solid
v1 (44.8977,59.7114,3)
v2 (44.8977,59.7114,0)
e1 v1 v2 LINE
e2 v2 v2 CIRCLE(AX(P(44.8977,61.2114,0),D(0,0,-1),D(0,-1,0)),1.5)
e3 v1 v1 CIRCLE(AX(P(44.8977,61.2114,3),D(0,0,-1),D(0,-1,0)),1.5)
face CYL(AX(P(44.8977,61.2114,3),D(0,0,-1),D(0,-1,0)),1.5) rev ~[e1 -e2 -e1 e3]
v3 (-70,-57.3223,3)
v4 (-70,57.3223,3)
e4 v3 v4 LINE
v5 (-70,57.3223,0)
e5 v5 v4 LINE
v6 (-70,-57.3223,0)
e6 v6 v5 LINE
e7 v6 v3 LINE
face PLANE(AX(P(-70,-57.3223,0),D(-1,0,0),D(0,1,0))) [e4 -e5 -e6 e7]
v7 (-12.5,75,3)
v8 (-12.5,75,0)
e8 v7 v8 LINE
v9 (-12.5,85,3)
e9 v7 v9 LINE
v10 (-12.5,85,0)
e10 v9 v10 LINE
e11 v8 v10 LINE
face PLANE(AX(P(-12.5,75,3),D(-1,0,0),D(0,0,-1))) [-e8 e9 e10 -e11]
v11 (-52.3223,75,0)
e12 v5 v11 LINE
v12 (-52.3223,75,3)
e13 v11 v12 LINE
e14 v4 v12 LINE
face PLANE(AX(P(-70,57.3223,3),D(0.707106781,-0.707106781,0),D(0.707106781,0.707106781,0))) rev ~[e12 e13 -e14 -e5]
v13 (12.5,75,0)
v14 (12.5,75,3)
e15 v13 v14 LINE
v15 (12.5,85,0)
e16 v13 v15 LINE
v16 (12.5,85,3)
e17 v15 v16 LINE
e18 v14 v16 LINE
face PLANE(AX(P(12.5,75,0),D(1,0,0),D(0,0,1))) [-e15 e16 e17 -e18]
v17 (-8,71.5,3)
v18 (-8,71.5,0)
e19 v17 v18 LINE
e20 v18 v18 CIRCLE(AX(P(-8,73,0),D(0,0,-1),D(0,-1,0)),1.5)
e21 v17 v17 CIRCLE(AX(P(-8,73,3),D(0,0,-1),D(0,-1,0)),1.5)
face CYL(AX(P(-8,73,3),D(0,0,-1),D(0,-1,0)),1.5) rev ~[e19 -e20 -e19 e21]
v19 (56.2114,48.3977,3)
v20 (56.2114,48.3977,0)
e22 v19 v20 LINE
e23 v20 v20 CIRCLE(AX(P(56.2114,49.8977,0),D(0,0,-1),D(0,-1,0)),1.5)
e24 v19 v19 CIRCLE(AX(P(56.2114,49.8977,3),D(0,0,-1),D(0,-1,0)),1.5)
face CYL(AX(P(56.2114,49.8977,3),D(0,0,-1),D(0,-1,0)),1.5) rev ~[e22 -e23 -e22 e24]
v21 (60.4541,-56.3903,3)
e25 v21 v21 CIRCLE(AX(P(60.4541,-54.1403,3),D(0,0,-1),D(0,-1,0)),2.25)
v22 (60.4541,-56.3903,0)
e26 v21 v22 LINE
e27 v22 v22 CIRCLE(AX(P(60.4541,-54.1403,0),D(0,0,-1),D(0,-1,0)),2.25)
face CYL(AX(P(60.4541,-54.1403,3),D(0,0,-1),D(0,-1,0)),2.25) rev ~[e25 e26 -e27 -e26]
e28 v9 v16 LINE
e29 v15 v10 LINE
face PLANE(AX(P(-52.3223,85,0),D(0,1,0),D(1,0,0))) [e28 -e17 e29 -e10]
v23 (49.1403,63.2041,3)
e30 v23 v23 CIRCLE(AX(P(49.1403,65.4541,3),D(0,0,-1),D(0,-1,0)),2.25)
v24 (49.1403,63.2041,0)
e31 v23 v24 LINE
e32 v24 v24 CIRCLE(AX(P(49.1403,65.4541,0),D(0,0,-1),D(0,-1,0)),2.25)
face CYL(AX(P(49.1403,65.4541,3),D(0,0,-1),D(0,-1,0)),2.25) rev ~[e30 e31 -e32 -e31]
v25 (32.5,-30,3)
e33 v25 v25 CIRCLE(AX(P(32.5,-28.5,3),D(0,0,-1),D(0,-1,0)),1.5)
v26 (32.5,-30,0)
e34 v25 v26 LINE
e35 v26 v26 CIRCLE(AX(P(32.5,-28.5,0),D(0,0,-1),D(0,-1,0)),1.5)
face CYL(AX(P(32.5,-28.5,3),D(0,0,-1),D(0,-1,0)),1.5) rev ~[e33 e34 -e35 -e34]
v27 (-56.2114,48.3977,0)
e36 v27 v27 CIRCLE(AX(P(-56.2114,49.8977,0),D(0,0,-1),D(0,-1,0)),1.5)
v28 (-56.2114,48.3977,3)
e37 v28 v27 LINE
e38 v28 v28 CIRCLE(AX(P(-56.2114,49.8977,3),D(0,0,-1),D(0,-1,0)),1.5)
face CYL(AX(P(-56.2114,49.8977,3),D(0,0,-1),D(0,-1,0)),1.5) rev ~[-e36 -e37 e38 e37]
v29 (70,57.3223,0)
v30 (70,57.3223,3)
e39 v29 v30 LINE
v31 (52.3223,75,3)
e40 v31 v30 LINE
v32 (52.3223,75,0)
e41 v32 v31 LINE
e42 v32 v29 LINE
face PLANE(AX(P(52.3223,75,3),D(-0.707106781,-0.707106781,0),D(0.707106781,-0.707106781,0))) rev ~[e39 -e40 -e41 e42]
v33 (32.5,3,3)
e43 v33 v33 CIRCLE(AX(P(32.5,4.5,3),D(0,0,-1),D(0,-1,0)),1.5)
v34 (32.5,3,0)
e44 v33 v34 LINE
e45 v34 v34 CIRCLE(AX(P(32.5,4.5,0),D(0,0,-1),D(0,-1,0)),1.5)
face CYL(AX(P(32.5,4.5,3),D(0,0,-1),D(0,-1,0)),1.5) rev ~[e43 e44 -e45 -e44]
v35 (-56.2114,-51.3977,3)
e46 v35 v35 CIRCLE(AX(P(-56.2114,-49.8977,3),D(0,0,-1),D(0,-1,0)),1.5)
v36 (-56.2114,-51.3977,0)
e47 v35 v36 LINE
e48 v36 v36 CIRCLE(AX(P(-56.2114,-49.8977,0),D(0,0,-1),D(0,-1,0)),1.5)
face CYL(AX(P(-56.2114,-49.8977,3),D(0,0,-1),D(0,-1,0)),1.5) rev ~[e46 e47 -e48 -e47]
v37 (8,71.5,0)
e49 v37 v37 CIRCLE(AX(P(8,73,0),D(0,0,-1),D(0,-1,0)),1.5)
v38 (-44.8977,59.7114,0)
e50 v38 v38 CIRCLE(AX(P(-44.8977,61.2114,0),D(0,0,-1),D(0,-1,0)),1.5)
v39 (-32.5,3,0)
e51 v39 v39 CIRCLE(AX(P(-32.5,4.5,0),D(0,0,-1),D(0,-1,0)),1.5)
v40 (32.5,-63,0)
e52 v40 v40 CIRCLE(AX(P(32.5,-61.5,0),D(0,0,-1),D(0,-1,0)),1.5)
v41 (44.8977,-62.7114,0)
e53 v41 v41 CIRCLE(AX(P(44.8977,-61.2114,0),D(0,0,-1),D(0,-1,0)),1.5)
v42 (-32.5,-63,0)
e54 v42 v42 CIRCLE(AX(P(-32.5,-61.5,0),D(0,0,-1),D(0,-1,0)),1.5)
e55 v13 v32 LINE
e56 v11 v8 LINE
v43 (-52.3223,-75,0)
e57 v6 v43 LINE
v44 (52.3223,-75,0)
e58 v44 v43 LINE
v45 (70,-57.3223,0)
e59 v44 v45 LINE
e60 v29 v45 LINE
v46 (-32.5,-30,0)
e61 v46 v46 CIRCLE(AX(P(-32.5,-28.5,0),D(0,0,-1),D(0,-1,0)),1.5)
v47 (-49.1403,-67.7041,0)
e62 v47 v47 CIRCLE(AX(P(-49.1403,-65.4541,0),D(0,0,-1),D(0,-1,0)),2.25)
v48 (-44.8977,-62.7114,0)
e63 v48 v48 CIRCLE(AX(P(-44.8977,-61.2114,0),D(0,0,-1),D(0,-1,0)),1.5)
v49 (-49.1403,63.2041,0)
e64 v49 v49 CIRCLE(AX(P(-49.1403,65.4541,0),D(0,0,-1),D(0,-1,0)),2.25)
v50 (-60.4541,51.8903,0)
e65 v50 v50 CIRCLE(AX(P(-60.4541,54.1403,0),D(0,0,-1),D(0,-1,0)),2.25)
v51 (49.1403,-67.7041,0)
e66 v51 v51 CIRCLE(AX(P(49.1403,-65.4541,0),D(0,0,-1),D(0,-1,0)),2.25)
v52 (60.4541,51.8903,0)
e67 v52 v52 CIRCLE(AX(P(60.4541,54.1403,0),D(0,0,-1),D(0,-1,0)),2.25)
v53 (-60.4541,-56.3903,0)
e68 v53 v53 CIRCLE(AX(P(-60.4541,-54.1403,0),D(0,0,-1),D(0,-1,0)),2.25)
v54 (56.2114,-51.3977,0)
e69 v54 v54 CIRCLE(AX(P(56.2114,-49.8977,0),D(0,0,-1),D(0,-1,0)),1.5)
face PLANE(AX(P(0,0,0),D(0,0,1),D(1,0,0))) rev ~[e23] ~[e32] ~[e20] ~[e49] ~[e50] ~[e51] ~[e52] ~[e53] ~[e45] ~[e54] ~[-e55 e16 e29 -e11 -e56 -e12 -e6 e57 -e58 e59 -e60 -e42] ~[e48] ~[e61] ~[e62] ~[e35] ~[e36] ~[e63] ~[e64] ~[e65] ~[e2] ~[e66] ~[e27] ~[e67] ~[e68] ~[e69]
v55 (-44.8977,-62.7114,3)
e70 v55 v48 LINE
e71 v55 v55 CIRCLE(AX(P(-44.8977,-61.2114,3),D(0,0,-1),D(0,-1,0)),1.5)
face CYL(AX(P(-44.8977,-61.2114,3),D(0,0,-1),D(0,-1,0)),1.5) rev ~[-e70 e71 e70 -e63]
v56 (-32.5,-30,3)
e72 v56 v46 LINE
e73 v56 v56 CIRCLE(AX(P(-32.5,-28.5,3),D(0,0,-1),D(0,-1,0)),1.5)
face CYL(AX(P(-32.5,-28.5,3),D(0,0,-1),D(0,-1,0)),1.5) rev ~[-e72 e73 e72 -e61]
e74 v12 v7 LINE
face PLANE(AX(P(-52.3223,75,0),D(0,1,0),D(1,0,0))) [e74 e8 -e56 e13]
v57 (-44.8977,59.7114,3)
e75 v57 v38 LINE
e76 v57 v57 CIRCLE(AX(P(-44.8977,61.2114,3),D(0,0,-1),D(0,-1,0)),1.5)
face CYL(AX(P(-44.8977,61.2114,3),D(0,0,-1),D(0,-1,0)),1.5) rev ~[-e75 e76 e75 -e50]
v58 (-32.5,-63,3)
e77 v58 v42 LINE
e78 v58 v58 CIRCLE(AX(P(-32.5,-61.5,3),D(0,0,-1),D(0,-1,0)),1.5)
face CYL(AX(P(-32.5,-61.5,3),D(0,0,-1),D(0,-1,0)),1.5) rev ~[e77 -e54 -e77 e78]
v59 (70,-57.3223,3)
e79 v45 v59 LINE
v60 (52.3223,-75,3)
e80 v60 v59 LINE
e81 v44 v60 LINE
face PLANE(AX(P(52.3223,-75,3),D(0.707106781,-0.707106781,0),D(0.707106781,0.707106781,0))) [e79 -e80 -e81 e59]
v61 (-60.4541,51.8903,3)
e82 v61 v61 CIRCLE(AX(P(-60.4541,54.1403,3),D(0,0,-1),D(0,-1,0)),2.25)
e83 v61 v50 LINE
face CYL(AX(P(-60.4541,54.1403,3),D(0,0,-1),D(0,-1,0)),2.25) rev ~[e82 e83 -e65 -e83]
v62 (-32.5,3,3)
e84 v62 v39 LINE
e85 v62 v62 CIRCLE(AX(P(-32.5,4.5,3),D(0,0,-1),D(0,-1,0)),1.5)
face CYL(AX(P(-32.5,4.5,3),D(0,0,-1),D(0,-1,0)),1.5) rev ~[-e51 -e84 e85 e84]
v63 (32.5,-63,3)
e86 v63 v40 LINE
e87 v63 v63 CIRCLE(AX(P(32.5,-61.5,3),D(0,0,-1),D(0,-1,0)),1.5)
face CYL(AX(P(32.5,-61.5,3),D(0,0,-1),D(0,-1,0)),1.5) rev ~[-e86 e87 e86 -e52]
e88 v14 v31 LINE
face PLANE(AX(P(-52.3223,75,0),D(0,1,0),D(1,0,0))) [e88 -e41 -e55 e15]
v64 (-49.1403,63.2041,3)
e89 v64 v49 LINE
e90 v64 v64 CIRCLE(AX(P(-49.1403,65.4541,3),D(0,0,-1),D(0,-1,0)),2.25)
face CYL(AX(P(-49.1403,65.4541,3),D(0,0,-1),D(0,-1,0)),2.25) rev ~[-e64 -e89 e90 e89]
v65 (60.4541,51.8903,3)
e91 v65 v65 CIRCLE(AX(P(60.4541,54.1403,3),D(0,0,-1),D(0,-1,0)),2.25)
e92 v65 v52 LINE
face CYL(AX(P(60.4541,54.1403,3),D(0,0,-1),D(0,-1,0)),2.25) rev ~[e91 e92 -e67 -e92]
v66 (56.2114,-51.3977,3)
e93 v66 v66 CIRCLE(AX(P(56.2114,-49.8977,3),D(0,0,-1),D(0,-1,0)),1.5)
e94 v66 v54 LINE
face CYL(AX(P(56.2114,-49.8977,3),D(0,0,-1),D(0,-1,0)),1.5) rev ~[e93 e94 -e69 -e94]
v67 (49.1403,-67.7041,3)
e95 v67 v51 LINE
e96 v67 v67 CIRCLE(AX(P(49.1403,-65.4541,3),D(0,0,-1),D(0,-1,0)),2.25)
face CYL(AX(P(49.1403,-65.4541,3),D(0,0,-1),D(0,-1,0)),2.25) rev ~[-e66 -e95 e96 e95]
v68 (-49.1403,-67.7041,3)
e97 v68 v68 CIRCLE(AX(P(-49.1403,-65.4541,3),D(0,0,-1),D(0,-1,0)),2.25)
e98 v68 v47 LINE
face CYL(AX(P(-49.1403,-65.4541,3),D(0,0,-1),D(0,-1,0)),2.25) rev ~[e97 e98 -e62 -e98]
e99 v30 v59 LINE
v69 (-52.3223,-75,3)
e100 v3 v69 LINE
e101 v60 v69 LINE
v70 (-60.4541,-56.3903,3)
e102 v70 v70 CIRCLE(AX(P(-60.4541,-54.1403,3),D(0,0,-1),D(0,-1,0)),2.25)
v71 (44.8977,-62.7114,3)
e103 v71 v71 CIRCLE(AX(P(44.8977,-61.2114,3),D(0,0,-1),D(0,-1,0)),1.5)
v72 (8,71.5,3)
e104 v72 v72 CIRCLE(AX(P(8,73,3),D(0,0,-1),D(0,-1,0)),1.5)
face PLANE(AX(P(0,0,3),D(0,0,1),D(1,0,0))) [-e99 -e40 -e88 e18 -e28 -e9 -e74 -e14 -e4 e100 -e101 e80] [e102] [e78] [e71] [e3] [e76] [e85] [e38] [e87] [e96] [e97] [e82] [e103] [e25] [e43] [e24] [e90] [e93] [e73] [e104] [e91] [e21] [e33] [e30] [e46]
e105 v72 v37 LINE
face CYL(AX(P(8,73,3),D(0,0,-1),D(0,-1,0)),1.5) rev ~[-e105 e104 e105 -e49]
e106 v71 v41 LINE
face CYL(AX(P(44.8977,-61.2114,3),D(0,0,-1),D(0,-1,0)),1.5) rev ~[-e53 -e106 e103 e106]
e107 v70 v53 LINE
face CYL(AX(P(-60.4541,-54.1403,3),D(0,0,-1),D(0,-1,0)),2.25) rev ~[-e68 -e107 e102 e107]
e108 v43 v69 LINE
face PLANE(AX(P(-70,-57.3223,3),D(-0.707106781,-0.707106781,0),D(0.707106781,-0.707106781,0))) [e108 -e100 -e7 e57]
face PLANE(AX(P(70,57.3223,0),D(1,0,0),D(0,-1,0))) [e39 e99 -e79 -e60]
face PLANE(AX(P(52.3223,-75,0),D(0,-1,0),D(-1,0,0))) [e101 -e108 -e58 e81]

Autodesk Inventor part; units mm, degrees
ref_plane "YZ Plane" through (0, 0, 0) normal (1, 0, 0) x (0, 1, 0)
ref_plane "XZ Plane" through (0, 0, 0) normal (0, 1, 0) x (-1, 0, 0)
ref_plane "XY Plane" through (0, 0, 0) normal (0, 0, 1) x (1, 0, 0)
sketch "スケッチ1" plane through (0, 0, 0) normal (0, 0, 1) x (1, 0, 0)
  line L0 (-70, 75) -> (70, 75)
  line L1 (70, 75) -> (70, -75)
  line L2 (70, -75) -> (-70, -75)
  line L3 (-70, -75) -> (-70, 75)
  line L4 (70, 92.6777) -> (87.6777, 75)
  line L5 (87.6777, 75) -> (70, 57.3223)
  line L6 (70, 57.3223) -> (52.3223, 75)
  line L7 (52.3223, 75) -> (70, 92.6777)
  line L8 (70, -57.3223) -> (87.6777, -75)
  line L9 (87.6777, -75) -> (70, -92.6777)
  line L10 (70, -92.6777) -> (52.3223, -75)
  line L11 (52.3223, -75) -> (70, -57.3223)
  line L12 (-70, -57.3223) -> (-52.3223, -75)
  line L13 (-52.3223, -75) -> (-70, -92.6777)
  line L14 (-70, -92.6777) -> (-87.6777, -75)
  line L15 (-87.6777, -75) -> (-70, -57.3223)
  line L16 (-70, 92.6777) -> (-52.3223, 75)
  line L17 (-52.3223, 75) -> (-70, 57.3223)
  line L18 (-70, 57.3223) -> (-87.6777, 75)
  line L19 (-87.6777, 75) -> (-70, 92.6777)
  point P0 (0, 0)
  point P1 (70, 75)
  dimension "d0" = 150
  dimension "d1" = 75
  dimension "d2" = 140
  dimension "d3" = 70
  dimension "d4" = 12.5
  dimension "d5" = 12.5
  dimension "d6" = 12.5
  dimension "d7" = 12.5
extrude "押し出し1" add sketch "スケッチ1" along normal blind 3
sketch "スケッチ2" plane through (0, 0, 3) normal (0, 0, 1) x (1, 0, 0)
  line L0 (87.6777, 75) -> (70, 57.3223) projected
  line L1 (70, 92.6777) -> (87.6777, 75) projected
  line L2 (52.3223, 75) -> (70, 92.6777) projected
  line L3 (-70, 92.6777) -> (-52.3223, 75) projected
  line L4 (-87.6777, 75) -> (-70, 92.6777) projected
  line L5 (-70, 57.3223) -> (-87.6777, 75) projected
  line L6 (-87.6777, -75) -> (-70, -57.3223) projected
  line L7 (-70, -92.6777) -> (-87.6777, -75) projected
  line L8 (-52.3223, -75) -> (-70, -92.6777) projected
  line L9 (70, -92.6777) -> (52.3223, -75) projected
  line L10 (87.6777, -75) -> (70, -92.6777) projected
  line L11 (70, -57.3223) -> (87.6777, -75) projected
  circle A0 centre (-56.2114, -49.8977) radius 1.5
  circle A1 centre (-44.8977, -61.2114) radius 1.5
  circle A2 centre (44.8977, -61.2114) radius 1.5
  circle A3 centre (56.2114, -49.8977) radius 1.5
  circle A4 centre (56.2114, 49.8977) radius 1.5
  circle A5 centre (44.8977, 61.2114) radius 1.5
  circle A6 centre (-44.8977, 61.2114) radius 1.5
  circle A7 centre (-56.2114, 49.8977) radius 1.5
  point P0 (0, 0)
  dimension "d10" = 3
  dimension "d12" = 40
  dimension "d13" = 40
  dimension "d14" = 4.5
  dimension "d15" = 4.5
  dimension "d16" = 40
  dimension "d17" = 40
  dimension "d18" = 40
  dimension "d19" = 40
  dimension "d20" = 40
  dimension "d21" = 40
  dimension "d22" = 4.5
  dimension "d23" = 4.5
  dimension "d24" = 4.5
  dimension "d25" = 4.5
  dimension "d26" = 4.5
  dimension "d27" = 4.5
hole "穴1" at (44.8977, -61.2114, 3) at (56.2114, -49.8977, 3) at (-44.8977, -61.2114, 3) at (-56.2114, -49.8977, 3) at (44.8977, 61.2114, 3) at (56.2114, 49.8977, 3) at (-56.2114, 49.8977, 3) at (-44.8977, 61.2114, 3) direction (0, 0, -1) diameter 3 end through all
sketch "スケッチ3" plane through (0, 0, 3) normal (0, 0, 1) x (1, 0, 0)
  line L0 (87.6777, 75) -> (70, 57.3223) projected
  line L1 (70, 92.6777) -> (87.6777, 75) projected
  line L2 (52.3223, 75) -> (70, 92.6777) projected
  line L3 (-70, 92.6777) -> (-52.3223, 75) projected
  line L4 (-87.6777, 75) -> (-70, 92.6777) projected
  line L5 (-70, 57.3223) -> (-87.6777, 75) projected
  line L6 (-87.6777, -75) -> (-70, -57.3223) projected
  line L7 (-70, -92.6777) -> (-87.6777, -75) projected
  line L8 (-52.3223, -75) -> (-70, -92.6777) projected
  line L9 (70, -92.6777) -> (52.3223, -75) projected
  line L10 (87.6777, -75) -> (70, -92.6777) projected
  line L11 (70, -57.3223) -> (87.6777, -75) projected
  circle A0 centre (-49.1403, 65.4541) radius 2.25
  circle A1 centre (-60.4541, 54.1403) radius 2.25
  circle A2 centre (-60.4541, -54.1403) radius 2.25
  circle A3 centre (-49.1403, -65.4541) radius 2.25
  circle A4 centre (49.1403, -65.4541) radius 2.25
  circle A5 centre (60.4541, -54.1403) radius 2.25
  circle A6 centre (60.4541, 54.1403) radius 2.25
  circle A7 centre (49.1403, 65.4541) radius 2.25
  point P0 (0, 0)
  dimension "d35" = 4.5
  dimension "d37" = 4.5
  dimension "d38" = 4.5
  dimension "d39" = 34
  dimension "d40" = 34
  dimension "d41" = 4.5
  dimension "d42" = 4.5
  dimension "d43" = 34
  dimension "d44" = 34
  dimension "d45" = 34
  dimension "d46" = 4.5
  dimension "d47" = 4.5
  dimension "d48" = 34
  dimension "d49" = 34
  dimension "d50" = 34
  dimension "d51" = 4.5
  dimension "d52" = 4.5
hole "穴2" at (-60.4541, -54.1403, 3) at (-49.1403, -65.4541, 3) at (49.1403, 65.4541, 3) at (60.4541, 54.1403, 3) at (-60.4541, 54.1403, 3) at (-49.1403, 65.4541, 3) at (49.1403, -65.4541, 3) at (60.4541, -54.1403, 3) direction (0, 0, -1) diameter 4.5 end through all
sketch "スケッチ4" plane through (0, 0, 3) normal (0, 0, 1) x (1, 0, 0)
  line L0 (87.6777, 75) -> (70, 57.3223) projected
  line L1 (70, 92.6777) -> (87.6777, 75) projected
  line L2 (52.3223, 75) -> (70, 92.6777) projected
  line L3 (-70, 92.6777) -> (-52.3223, 75) projected
  line L4 (-87.6777, 75) -> (-70, 92.6777) projected
  line L5 (-70, 57.3223) -> (-87.6777, 75) projected
  line L6 (-87.6777, -75) -> (-70, -57.3223) projected
  line L7 (-70, -92.6777) -> (-87.6777, -75) projected
  line L8 (-52.3223, -75) -> (-70, -92.6777) projected
  line L9 (70, -92.6777) -> (52.3223, -75) projected
  line L10 (87.6777, -75) -> (70, -92.6777) projected
  line L11 (70, -57.3223) -> (87.6777, -75) projected
  line L12 (-70, -57.3223) -> (-52.3223, -75)
  line L13 (52.3223, -75) -> (70, -57.3223)
  line L14 (52.3223, 75) -> (70, 57.3223)
  line L15 (-70, 57.3223) -> (-52.3223, 75)
  point P0 (0, 0)
  dimension "d60" = 25
  dimension "d61" = 25
  dimension "d62" = 25
  dimension "d63" = 25
extrude "押し出し2" cut sketch "スケッチ4" against normal blind 3
sketch "スケッチ6" plane through (-52.3223, 75, 0) normal (0, 1, 0) x (1, 0, 0)
  line L0 (104.6447, 0) -> (0, 0) projected
  line L1 (0, -3) -> (104.6447, -3) projected
  line L2 (39.8223, 0) -> (64.8223, 0)
  line L3 (64.8223, 0) -> (64.8223, -3)
  line L4 (64.8223, -3) -> (39.8223, -3)
  line L5 (39.8223, -3) -> (39.8223, 0)
  point P0 (52.3223, 0)
  dimension "d66" = 25
  dimension "d68" = 12.5
extrude "押し出し3" add sketch "スケッチ6" along normal blind 10
sketch "スケッチ7" plane through (0, 0, 3) normal (0, 0, 1) x (1, 0, 0)
  line L0 (-12.5, 85) -> (12.5, 85) projected
  line L1 (-12.5, 75) -> (-12.5, 85) projected
  circle A0 centre (-8, 73) radius 1.5
  circle A1 centre (8, 73) radius 1.5
  point P0 (0, 0)
  dimension "d71" = 16
  dimension "d72" = 12
  dimension "d73" = 12
  dimension "d74" = 3
  dimension "d75" = 4.5
hole "穴3" at (-8, 73, 3) at (8, 73, 3) direction (0, 0, -1) diameter 3 end through all
sketch "スケッチ9" plane through (0, 0, 3) normal (0, 0, 1) x (1, 0, 0)
  line L0 (52.3223, -75) -> (-52.3223, -75) projected
  circle A0 centre (-32.5, -61.5) radius 1.5
  circle A1 centre (-32.5, -28.5) radius 1.5
  circle A2 centre (-32.5, 4.5) radius 1.5
  circle A3 centre (32.5, -61.5) radius 1.5
  circle A4 centre (32.5, -28.5) radius 1.5
  circle A5 centre (32.5, 4.5) radius 1.5
  point P0 (0, 0)
  dimension "d95" = 3
  dimension "d97" = 13.5
  dimension "d98" = 33
  dimension "d99" = 33
  dimension "d100" = 33
  dimension "d101" = 33
  dimension "d102" = 13.5
  dimension "d103" = 65
  dimension "d104" = 65
  dimension "d105" = 65
  dimension "d106" = 32.5
  dimension "d107" = 32.5
  dimension "d108" = 32.5
hole "穴5" at (-32.5, 4.5, 3) at (-32.5, -28.5, 3) at (-32.5, -61.5, 3) at (32.5, -61.5, 3) at (32.5, -28.5, 3) at (32.5, 4.5, 3) direction (0, 0, -1) diameter 3 end through all
equation "\"d33\" = d26"
equation "\"d58\" = d46"
properties material "アルミニウム 6061"
